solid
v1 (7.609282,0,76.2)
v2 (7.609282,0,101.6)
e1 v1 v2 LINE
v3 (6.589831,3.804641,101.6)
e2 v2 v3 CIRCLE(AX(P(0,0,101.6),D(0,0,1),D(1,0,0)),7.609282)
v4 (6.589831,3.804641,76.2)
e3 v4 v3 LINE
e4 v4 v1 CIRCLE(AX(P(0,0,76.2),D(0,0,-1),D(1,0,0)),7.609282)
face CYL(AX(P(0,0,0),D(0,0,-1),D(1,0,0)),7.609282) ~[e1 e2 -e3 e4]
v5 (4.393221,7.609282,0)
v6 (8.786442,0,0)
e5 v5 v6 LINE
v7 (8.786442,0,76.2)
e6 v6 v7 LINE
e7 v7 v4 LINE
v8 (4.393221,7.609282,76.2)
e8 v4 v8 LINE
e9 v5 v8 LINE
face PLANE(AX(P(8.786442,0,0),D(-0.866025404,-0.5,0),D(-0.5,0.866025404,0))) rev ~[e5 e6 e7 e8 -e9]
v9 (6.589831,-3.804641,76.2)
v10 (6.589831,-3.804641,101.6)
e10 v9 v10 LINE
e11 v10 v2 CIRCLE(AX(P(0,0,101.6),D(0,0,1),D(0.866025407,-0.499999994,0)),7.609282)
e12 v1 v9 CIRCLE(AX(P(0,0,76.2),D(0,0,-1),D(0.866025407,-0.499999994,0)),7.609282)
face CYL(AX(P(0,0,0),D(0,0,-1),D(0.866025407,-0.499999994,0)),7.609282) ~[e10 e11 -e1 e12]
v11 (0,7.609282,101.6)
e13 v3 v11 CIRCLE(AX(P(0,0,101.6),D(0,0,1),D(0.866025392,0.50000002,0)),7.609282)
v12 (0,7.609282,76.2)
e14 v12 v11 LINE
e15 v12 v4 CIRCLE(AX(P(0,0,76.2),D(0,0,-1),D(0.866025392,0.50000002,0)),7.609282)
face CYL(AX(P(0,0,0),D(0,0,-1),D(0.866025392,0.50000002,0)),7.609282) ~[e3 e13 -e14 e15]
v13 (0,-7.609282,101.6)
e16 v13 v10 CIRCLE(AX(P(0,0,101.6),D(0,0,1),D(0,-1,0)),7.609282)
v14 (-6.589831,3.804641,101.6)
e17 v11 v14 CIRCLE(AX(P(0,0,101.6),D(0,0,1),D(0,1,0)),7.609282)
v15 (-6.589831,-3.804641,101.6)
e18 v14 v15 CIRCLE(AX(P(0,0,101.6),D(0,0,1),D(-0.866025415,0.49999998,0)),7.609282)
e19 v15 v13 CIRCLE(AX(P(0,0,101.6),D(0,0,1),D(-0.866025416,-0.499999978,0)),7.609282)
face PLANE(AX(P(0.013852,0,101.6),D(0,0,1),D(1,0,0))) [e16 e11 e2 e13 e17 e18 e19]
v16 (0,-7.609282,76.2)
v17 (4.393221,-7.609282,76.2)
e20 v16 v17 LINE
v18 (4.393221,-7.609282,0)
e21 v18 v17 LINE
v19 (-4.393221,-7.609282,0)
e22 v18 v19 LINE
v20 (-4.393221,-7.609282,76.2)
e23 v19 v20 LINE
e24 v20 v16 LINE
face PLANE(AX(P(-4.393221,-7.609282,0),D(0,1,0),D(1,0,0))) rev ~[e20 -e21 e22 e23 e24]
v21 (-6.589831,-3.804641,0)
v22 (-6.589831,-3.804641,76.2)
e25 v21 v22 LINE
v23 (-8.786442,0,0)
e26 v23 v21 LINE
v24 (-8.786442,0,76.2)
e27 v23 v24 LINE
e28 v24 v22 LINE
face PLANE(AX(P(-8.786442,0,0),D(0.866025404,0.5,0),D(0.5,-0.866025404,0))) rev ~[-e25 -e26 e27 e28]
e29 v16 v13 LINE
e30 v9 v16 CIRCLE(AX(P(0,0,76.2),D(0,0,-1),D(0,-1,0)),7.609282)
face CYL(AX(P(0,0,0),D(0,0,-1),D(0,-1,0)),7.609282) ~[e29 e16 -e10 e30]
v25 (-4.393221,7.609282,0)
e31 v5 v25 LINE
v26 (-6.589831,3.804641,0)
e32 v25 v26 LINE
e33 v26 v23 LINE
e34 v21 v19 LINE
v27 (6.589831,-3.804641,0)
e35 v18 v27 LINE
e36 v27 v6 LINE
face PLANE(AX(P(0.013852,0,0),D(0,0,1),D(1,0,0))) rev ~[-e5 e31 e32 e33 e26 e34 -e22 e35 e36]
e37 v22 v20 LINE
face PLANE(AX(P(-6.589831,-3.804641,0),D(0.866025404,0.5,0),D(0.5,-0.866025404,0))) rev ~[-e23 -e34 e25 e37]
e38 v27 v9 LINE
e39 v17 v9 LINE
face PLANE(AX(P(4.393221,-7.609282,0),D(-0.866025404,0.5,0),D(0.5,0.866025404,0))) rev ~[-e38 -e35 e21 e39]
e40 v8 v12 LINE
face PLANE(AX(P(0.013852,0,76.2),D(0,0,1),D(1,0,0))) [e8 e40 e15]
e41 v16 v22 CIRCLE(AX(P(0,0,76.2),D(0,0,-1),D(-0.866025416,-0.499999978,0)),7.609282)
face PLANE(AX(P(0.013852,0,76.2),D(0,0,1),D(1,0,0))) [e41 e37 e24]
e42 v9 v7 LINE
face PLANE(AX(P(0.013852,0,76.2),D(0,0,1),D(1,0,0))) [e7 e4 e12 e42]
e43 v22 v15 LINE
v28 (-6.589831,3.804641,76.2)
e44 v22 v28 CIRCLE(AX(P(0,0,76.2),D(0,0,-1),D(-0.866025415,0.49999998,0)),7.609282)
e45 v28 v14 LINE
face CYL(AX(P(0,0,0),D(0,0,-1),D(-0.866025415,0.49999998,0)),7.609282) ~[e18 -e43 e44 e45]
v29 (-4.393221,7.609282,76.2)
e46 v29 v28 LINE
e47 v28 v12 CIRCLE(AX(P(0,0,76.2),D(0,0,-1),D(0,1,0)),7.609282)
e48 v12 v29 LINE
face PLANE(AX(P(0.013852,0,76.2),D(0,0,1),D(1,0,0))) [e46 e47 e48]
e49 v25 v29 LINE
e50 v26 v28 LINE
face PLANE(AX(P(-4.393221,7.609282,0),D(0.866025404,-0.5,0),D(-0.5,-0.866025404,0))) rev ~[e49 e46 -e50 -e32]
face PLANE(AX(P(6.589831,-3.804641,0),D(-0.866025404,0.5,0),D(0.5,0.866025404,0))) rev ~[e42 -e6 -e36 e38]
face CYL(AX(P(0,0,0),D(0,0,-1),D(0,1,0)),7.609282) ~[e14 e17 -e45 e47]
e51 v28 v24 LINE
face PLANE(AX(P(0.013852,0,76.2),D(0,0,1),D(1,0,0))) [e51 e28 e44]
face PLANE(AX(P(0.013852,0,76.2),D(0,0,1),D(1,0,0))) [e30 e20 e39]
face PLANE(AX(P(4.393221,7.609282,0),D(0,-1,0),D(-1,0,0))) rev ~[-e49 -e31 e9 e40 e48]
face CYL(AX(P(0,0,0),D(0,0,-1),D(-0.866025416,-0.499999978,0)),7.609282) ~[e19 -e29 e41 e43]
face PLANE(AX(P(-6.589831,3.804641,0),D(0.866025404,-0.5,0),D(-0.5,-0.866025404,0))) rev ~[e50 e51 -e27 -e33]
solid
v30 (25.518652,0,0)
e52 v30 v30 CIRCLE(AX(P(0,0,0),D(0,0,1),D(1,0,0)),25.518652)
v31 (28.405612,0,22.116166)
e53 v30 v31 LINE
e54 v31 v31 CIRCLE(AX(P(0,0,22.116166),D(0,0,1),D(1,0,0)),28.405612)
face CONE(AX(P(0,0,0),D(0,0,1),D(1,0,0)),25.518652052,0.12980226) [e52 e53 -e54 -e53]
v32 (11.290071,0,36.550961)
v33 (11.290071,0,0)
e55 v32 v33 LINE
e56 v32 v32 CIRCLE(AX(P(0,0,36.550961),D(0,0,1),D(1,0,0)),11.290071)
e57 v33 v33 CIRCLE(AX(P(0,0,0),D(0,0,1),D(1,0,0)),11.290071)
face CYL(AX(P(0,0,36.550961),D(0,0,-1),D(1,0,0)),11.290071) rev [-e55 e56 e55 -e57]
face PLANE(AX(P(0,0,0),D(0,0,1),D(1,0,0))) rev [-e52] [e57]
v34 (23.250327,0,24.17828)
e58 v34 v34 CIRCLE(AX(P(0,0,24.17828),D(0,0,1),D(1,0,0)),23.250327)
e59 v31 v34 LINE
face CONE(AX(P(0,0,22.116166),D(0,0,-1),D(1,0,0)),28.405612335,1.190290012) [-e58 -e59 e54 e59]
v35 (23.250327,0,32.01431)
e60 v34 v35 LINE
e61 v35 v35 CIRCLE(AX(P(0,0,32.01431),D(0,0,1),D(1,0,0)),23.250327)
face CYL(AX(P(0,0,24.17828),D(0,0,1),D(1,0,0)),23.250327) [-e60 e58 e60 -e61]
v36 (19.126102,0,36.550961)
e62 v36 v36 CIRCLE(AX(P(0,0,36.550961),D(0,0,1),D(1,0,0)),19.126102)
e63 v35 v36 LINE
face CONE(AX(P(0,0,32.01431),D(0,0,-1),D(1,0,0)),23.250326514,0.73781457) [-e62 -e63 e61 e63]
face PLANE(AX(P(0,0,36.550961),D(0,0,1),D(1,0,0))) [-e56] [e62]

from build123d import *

# Parameters (mm, degrees)
F3_DEPTH = 101.6
F4_DEPTH = 76.2


with BuildPart() as f1:
    # F0 (on Front) → F1 (revolve)
    with BuildSketch(Plane.XZ):
        Polygon((11.2900706008, 36.5509614348), (11.2900706008, 0), (25.5186520517, 0), (28.4056123346, 22.1161656082), (23.2503265142, 24.1782795638), (23.2503265142, 32.01431036), (19.1261023283, 36.5509614348), align=None)
    revolve(axis=Axis((0, 0, 21.5748623013), (0, 0, 1)))


with BuildPart() as f3:
    # F2 (on Top) → F3 (new body)
    with BuildSketch(Plane.XY):
        with BuildLine():
            ThreePointArc((6.5898312731, -3.8046407996), (7.3500017096, -1.9694269956), (7.6092816889, 0))
            ThreePointArc((7.6092816889, 0), (7.3500016803, 1.9694271048), (6.58983116, 3.8046409954))
            ThreePointArc((6.58983116, 3.8046409954), (3.804640769, 6.5898312907), (0, 7.6092816889))
            ThreePointArc((0, 7.6092816889), (-3.8046409197, 6.5898312037), (-6.5898313341, 3.804640694))
            ThreePointArc((-6.5898313341, 3.804640694), (-7.6092816889, 8.9e-09), (-6.589831343, -3.8046406786))
            ThreePointArc((-6.589831343, -3.8046406786), (-3.8046409274, -6.5898311993), (0, -7.6092816889))
            ThreePointArc((0, -7.6092816889), (3.8046408669, -6.5898312342), (6.5898312731, -3.8046407996))
        make_face()
    extrude(amount=F3_DEPTH)

    # F2 (on Top) → F4 (join)
    with BuildSketch(Plane.XY):
        with BuildLine():
            ThreePointArc((6.5898312731, -3.8046407996), (7.3500017096, -1.9694269956), (7.6092816889, 0))
            ThreePointArc((7.6092816889, 0), (7.3500016803, 1.9694271048), (6.58983116, 3.8046409954))
            ThreePointArc((6.58983116, 3.8046409954), (3.804640769, 6.5898312907), (0, 7.6092816889))
            ThreePointArc((0, 7.6092816889), (-3.8046409197, 6.5898312037), (-6.5898313341, 3.804640694))
            ThreePointArc((-6.5898313341, 3.804640694), (-7.6092816889, 8.9e-09), (-6.589831343, -3.8046406786))
            ThreePointArc((-6.589831343, -3.8046406786), (-3.8046409274, -6.5898311993), (0, -7.6092816889))
            ThreePointArc((0, -7.6092816889), (3.8046408669, -6.5898312342), (6.5898312731, -3.8046407996))
        make_face()
        with BuildLine():
            ThreePointArc((-6.5898313341, 3.804640694), (-3.8046409197, 6.5898312037), (0, 7.6092816889))
            Line((0, 7.6092816889), (-4.3932208314, 7.6092816889))
            Line((-4.3932208314, 7.6092816889), (-6.5898313341, 3.804640694))
        make_face()
        with BuildLine():
            ThreePointArc((0, 7.6092816889), (3.804640769, 6.5898312907), (6.58983116, 3.8046409954))
            Line((6.58983116, 3.8046409954), (4.3932208314, 7.6092816889))
            Line((4.3932208314, 7.6092816889), (0, 7.6092816889))
        make_face()
        with BuildLine():
            ThreePointArc((6.58983116, 3.8046409954), (7.3500016803, 1.9694271048), (7.6092816889, 0))
            ThreePointArc((7.6092816889, 0), (7.3500017096, -1.9694269956), (6.5898312731, -3.8046407996))
            Line((6.5898312731, -3.8046407996), (8.7864416629, 0))
            Line((8.7864416629, 0), (6.58983116, 3.8046409954))
        make_face()
        with BuildLine():
            Line((4.3932208314, -7.6092816889), (6.5898312731, -3.8046407996))
            ThreePointArc((6.5898312731, -3.8046407996), (3.8046408669, -6.5898312342), (0, -7.6092816889))
            Line((0, -7.6092816889), (4.3932208314, -7.6092816889))
        make_face()
        with BuildLine():
            Line((-4.3932208314, -7.6092816889), (0, -7.6092816889))
            ThreePointArc((0, -7.6092816889), (-3.8046409274, -6.5898311993), (-6.589831343, -3.8046406786))
            Line((-6.589831343, -3.8046406786), (-4.3932208314, -7.6092816889))
        make_face()
        with BuildLine():
            ThreePointArc((-6.589831343, -3.8046406786), (-7.6092816889, 8.9e-09), (-6.5898313341, 3.804640694))
            Line((-6.5898313341, 3.804640694), (-8.7864416629, 0))
            Line((-8.7864416629, 0), (-6.589831343, -3.8046406786))
        make_face()
    extrude(amount=F4_DEPTH)


solid = Compound([f1.part, f3.part])
